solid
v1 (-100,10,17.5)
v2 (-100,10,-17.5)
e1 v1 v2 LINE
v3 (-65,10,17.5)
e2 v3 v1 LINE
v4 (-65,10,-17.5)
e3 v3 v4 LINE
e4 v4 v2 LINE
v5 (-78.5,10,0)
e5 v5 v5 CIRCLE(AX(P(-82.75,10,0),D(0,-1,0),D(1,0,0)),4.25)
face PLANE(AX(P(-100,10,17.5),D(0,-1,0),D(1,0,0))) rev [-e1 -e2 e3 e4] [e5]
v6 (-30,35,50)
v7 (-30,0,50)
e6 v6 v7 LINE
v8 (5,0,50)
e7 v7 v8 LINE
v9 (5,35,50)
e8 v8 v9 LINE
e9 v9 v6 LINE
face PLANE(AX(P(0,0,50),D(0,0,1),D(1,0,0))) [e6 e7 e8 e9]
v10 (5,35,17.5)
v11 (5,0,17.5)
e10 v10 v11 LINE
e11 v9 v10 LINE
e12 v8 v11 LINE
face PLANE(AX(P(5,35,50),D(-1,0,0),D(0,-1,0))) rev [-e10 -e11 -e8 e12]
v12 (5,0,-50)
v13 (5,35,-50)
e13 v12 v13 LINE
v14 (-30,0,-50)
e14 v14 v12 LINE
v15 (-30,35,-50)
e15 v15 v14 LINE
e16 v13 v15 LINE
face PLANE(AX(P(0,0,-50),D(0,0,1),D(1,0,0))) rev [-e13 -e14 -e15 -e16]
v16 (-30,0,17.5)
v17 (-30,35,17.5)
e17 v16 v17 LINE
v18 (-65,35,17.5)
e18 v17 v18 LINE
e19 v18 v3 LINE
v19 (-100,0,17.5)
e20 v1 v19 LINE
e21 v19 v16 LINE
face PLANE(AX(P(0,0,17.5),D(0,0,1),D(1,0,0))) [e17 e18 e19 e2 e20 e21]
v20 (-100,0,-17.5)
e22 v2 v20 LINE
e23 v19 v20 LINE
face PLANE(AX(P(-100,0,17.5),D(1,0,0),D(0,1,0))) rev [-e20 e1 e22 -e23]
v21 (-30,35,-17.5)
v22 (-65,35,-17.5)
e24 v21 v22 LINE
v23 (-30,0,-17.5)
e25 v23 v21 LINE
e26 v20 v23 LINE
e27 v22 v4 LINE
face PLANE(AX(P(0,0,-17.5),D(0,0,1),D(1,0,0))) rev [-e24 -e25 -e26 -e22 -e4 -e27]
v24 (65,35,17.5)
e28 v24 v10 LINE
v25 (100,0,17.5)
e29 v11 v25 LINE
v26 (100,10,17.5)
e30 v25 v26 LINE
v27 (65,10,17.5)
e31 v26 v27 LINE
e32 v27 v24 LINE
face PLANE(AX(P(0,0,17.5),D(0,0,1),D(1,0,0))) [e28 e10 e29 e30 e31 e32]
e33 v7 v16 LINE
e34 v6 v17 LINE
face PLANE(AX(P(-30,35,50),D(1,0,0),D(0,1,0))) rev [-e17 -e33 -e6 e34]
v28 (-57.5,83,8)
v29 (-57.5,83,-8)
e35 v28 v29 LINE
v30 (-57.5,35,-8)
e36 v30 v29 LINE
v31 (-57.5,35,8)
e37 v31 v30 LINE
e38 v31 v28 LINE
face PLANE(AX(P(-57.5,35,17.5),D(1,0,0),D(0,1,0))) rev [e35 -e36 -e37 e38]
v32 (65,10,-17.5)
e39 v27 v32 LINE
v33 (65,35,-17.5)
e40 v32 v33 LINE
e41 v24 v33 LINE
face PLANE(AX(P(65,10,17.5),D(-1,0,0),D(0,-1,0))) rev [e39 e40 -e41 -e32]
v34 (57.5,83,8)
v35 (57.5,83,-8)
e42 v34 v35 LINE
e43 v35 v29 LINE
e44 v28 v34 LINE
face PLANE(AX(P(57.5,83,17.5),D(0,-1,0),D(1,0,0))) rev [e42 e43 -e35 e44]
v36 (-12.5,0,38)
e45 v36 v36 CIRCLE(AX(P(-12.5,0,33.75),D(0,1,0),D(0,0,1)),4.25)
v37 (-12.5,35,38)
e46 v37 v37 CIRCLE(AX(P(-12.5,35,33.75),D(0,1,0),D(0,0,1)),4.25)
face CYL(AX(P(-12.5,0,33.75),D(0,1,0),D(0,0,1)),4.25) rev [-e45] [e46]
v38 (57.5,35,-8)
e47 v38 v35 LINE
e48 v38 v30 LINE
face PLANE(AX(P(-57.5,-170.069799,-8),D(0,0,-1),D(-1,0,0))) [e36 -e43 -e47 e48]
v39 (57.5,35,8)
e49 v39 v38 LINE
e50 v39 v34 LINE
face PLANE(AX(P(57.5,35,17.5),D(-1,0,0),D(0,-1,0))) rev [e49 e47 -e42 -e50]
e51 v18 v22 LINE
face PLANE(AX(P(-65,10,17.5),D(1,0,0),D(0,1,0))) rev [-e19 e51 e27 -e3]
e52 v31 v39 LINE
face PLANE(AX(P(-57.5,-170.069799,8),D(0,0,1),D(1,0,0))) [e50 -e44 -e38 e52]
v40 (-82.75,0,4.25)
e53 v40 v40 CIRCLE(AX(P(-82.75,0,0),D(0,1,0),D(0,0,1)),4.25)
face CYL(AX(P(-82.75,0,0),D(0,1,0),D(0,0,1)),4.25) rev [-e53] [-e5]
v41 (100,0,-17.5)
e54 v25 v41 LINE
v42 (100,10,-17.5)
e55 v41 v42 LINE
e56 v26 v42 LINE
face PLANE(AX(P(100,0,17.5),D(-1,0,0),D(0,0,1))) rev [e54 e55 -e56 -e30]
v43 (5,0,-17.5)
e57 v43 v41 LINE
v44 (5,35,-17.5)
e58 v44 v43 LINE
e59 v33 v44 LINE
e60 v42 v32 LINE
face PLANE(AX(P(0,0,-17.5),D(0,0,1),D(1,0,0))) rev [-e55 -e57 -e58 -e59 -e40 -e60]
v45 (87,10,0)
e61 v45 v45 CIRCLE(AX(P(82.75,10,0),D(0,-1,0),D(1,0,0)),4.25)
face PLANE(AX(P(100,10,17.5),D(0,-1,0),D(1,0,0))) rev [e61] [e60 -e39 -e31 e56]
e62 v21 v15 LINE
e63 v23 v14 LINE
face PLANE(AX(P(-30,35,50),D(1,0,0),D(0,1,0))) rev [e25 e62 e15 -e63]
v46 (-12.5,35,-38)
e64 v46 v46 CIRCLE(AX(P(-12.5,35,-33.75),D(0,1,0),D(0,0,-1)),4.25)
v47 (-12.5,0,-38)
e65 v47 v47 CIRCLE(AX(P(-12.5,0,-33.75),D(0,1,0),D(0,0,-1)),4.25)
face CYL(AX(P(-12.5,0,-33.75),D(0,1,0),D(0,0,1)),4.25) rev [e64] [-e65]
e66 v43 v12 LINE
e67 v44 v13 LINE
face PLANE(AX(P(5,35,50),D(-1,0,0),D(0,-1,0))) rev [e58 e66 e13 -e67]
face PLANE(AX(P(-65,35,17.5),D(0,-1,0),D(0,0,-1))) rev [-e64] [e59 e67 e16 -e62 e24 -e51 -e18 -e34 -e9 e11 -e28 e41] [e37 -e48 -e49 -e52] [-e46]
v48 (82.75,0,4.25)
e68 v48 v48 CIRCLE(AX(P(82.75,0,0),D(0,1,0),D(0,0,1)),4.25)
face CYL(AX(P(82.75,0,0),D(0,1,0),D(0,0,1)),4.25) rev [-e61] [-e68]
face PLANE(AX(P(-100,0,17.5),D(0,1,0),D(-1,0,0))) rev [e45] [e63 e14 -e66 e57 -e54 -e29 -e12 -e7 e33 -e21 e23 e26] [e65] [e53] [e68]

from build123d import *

# Parameters (mm, degrees)
BOSS_EXTRUDE1_DEPTH = 17.5
SKETCH4_OUTSIDE_W   = 245.87
SKETCH4_OUTSIDE_H   = 80.87
SKETCH4_OUTSIDE_W_2 = 115
SKETCH4_OUTSIDE_H_2 = 16
CUT_EXTRUDE1_DEPTH  = 48
SKETCH5_W           = 35
SKETCH5_H           = 35
BOSS_EXTRUDE2_DEPTH = 50
SKETCH6_R           = 4.25
CUT_EXTRUDE2_DEPTH  = 122.671689394


with BuildPart() as part:
    # Sketch1 → Boss-Extrude1 (new, symmetric)
    with BuildSketch(Plane.XY):
        Polygon((-100, 0), (100, 0), (100, 10), (65, 10), (65, 35), (57.5, 35), (57.5, 83), (-57.5, 83), (-57.5, 35), (-65, 35), (-65, 10), (-100, 10), align=None)
    extrude(amount=BOSS_EXTRUDE1_DEPTH, both=True)

    # Sketch4 outside → Cut-Extrude1 (cut)
    with BuildSketch(Plane(origin=(0, 83, 0), x_dir=(1, 0, 0), z_dir=(0, 1, 0))):
        Rectangle(SKETCH4_OUTSIDE_W, SKETCH4_OUTSIDE_H)
        Rectangle(SKETCH4_OUTSIDE_W_2, SKETCH4_OUTSIDE_H_2, mode=Mode.SUBTRACT)
    extrude(amount=-CUT_EXTRUDE1_DEPTH, mode=Mode.SUBTRACT)

    # Sketch5 → Boss-Extrude2 (add, symmetric)
    with BuildSketch(Plane.XY):
        with Locations((-12.5, 17.5)):
            Rectangle(SKETCH5_W, SKETCH5_H)
    extrude(amount=BOSS_EXTRUDE2_DEPTH, both=True)

    # Sketch6 → Cut-Extrude2 (cut, through all)
    with BuildSketch(Plane(origin=(0, 35, 0), x_dir=(1, 0, 0), z_dir=(0, 1, 0))):
        with Locations(Location((-12.5, -33.75, 0), (0, 0, 270))):
            Circle(SKETCH6_R)
        with Locations(Location((-82.75, 0, 0), (0, 0, 270))):
            Circle(SKETCH6_R)
        with Locations(Location((82.75, 0, 0), (0, 0, 270))):
            Circle(SKETCH6_R)
        with Locations(Location((-12.5, 33.75, 0), (0, 0, 90))):
            Circle(SKETCH6_R)
    extrude(amount=-CUT_EXTRUDE2_DEPTH, mode=Mode.SUBTRACT)


solid = part.part
